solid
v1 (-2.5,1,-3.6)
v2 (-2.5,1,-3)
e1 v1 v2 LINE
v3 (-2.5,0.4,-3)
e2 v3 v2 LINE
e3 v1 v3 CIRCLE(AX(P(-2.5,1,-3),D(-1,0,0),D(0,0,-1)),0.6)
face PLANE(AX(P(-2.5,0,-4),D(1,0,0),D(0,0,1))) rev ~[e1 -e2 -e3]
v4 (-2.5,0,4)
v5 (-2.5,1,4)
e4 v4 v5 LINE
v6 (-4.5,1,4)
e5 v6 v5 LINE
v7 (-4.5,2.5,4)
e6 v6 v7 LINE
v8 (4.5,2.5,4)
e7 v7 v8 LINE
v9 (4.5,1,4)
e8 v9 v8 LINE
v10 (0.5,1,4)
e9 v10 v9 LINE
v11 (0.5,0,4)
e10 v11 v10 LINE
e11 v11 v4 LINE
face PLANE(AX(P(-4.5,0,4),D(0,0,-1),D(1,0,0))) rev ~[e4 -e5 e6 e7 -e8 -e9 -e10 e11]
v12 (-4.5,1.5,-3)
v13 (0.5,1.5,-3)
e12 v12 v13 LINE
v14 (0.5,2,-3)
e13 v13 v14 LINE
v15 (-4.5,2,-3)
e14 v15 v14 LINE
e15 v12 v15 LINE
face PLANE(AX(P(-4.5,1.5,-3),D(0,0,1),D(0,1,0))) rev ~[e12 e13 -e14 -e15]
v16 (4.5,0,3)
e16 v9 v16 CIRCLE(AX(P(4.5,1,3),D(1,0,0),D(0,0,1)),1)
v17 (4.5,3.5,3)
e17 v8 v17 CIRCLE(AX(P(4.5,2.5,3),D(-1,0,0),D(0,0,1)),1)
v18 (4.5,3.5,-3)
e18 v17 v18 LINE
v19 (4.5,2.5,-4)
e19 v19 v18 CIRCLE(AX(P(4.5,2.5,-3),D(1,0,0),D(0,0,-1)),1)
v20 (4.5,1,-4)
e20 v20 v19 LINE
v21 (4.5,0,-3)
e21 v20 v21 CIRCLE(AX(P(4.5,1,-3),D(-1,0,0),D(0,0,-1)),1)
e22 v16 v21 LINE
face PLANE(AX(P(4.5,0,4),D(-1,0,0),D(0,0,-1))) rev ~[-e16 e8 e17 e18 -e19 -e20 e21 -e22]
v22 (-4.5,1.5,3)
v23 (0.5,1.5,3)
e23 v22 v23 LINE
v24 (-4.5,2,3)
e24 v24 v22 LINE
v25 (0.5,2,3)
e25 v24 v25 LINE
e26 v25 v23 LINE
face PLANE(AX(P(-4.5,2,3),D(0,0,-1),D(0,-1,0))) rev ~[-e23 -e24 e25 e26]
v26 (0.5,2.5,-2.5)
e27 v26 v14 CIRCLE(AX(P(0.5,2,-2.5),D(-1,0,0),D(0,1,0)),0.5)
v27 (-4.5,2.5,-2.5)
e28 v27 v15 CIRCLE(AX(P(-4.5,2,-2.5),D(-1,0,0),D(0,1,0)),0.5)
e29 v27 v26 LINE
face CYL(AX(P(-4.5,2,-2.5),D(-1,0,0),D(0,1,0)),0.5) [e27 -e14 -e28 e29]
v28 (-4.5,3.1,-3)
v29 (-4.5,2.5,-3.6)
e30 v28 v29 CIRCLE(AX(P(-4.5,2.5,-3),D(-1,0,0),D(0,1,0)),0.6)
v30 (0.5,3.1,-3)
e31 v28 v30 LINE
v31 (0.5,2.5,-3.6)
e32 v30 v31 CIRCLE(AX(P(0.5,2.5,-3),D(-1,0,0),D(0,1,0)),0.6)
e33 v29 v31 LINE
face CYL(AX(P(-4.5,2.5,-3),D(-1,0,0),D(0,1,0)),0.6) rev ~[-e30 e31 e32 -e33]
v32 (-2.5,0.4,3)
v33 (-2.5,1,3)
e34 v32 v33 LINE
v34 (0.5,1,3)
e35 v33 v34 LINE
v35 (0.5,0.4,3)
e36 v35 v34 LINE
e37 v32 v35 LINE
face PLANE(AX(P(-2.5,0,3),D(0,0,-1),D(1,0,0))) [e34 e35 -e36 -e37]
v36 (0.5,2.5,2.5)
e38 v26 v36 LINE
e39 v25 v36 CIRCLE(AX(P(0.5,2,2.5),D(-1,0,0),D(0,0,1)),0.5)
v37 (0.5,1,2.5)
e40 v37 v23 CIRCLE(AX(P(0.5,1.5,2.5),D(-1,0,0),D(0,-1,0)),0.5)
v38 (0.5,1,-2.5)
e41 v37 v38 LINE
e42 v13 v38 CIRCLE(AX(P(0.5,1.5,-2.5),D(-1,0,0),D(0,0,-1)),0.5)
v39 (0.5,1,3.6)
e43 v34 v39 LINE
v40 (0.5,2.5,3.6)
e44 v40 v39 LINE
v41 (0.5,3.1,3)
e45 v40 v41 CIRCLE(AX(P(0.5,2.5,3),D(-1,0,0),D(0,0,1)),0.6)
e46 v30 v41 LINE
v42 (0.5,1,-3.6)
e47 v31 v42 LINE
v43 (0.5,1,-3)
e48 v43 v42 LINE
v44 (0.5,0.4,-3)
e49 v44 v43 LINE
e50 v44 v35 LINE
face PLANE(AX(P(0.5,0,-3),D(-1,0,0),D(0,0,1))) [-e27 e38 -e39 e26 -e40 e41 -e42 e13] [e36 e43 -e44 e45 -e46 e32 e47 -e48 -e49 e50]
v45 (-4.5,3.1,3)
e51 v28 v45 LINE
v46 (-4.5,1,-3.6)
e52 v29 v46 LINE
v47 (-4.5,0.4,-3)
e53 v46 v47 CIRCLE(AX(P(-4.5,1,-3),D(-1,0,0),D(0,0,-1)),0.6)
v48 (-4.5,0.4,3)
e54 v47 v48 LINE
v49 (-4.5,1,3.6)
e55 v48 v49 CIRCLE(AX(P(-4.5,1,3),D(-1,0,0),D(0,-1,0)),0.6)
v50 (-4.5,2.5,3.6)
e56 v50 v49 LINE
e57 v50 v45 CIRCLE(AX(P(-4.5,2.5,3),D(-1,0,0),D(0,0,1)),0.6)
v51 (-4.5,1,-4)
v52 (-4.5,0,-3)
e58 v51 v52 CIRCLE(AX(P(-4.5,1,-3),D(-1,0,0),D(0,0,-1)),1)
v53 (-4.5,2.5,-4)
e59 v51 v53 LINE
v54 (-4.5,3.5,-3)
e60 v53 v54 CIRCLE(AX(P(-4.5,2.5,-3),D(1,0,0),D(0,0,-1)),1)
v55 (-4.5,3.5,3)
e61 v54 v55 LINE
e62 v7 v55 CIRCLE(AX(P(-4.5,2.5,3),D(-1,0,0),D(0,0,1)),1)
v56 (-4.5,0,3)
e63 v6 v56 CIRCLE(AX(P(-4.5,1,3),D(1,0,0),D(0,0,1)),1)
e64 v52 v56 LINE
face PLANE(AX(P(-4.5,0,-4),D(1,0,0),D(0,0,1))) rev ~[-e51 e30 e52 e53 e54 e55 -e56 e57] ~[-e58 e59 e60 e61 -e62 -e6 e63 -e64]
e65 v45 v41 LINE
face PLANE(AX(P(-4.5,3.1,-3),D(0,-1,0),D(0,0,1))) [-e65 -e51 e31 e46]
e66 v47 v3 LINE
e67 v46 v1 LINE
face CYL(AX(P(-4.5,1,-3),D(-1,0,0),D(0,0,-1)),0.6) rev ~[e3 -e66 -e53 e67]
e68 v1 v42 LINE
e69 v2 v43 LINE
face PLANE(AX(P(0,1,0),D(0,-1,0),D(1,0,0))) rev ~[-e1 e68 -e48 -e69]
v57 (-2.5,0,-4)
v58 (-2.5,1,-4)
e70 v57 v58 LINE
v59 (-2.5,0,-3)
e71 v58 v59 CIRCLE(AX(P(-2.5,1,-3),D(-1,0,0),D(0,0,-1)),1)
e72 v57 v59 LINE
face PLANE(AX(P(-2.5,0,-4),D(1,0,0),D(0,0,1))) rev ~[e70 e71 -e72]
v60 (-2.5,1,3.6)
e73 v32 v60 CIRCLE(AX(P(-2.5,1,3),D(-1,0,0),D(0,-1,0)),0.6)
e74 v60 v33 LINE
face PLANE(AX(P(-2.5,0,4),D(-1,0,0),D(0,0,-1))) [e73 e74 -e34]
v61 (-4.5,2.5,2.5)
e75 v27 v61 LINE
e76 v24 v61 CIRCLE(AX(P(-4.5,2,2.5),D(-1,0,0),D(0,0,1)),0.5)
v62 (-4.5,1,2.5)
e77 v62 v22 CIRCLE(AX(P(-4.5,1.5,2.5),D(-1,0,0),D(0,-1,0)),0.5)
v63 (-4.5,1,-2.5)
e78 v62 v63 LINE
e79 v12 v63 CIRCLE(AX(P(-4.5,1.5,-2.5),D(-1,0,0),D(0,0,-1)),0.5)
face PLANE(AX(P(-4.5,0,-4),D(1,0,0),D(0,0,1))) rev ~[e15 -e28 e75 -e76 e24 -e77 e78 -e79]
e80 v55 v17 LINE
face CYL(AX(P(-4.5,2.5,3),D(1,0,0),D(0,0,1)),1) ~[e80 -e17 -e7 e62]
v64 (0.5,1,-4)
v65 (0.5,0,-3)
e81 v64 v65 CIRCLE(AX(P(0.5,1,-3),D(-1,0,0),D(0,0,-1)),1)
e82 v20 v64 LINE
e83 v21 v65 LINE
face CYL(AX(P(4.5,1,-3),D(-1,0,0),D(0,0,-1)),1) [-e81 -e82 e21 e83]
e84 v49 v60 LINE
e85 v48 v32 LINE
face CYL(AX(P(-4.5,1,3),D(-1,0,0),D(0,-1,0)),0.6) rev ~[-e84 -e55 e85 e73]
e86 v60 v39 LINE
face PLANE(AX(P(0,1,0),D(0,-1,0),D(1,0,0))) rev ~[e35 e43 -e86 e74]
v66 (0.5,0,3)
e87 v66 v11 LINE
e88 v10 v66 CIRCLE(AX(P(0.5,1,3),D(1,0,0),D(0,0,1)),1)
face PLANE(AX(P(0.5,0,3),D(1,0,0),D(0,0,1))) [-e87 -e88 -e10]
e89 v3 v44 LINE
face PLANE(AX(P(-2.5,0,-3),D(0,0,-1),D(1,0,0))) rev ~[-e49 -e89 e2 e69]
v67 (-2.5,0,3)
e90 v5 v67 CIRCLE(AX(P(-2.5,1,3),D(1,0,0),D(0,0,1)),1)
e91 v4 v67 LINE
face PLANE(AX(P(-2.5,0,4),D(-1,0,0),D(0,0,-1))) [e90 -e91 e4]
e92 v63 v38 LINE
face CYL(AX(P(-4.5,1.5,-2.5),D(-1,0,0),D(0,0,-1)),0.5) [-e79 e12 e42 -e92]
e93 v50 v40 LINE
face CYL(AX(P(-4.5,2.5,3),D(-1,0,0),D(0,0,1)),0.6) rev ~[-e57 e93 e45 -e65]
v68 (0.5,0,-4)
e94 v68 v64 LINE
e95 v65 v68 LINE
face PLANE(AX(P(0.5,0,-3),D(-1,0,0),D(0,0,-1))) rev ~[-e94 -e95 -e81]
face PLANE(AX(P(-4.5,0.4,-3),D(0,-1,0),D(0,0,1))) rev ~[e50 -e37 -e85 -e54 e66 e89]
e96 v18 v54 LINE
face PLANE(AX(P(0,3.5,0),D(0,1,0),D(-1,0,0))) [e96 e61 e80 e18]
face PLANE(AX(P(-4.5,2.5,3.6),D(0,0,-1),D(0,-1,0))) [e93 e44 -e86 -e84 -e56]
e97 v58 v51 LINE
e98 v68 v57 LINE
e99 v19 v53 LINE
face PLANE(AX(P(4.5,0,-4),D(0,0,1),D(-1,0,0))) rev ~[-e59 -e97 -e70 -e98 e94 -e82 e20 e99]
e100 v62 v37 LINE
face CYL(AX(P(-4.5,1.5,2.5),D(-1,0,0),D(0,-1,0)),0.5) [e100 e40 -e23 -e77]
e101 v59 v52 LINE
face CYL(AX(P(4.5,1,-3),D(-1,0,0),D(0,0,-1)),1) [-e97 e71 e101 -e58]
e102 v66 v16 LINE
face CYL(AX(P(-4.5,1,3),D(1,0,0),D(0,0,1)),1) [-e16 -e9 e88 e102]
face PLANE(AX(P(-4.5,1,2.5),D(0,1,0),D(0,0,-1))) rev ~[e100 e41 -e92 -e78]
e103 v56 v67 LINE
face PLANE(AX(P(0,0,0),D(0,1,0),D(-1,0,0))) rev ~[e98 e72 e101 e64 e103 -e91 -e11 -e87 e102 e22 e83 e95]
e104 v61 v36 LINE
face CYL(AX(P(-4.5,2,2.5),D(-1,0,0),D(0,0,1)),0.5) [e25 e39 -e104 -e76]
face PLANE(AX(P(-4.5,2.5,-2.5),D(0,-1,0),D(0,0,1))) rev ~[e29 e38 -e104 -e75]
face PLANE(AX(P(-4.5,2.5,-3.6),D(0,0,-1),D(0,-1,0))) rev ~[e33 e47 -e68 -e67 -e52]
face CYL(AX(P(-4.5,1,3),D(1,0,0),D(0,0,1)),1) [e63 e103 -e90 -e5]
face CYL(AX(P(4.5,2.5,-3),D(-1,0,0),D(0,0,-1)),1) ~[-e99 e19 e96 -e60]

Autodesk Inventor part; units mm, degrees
ref_plane "YZ Plane" through (0, 0, 0) normal (1, 0, 0) x (0, 1, 0)
ref_plane "XZ Plane" through (0, 0, 0) normal (0, 1, 0) x (-1, 0, 0)
ref_plane "XY Plane" through (0, 0, 0) normal (0, 0, 1) x (1, 0, 0)
sketch "Skizze1" plane through (0, 0, 0) normal (0, 1, 0) x (-1, 0, 0)
  line L0 (4.5, 4) -> (-4.5, 4)
  line L1 (-4.5, 4) -> (-4.5, -4)
  line L2 (-4.5, -4) -> (4.5, -4)
  line L3 (4.5, -4) -> (4.5, 4)
  line L4 (4.5, 4) -> (-4.5, -4) construction
  line L5 (-4.5, 4) -> (4.5, -4) construction
  point P0 (0, 0)
  dimension "d0" = 9
  dimension "d1" = 8
extrude "Extrusion1" add sketch "Skizze1" along normal blind 3.5
fillet "Rundung1" radius 1 4 edges at (0, 3.5, 4) (0, 0, 4) (0, 3.5, -4) (0, 0, -4)
sketch "Skizze2" plane through (-4.5, 0, -3) normal (-1, 0, 0) x (0, 0, 1)
  line L0 (-1, 1) -> (-1, 2.5) projected
  arc A0 (0, 3.5) -> (-1, 2.5) centre (0, 2.5) ccw projected
  line L1 (0, 3.5) -> (6, 3.5) projected
  arc A1 (7, 2.5) -> (6, 3.5) centre (6, 2.5) ccw projected
  line L2 (7, 1) -> (7, 2.5) projected
  arc A2 (6, 0) -> (7, 1) centre (6, 1) ccw projected
  line L3 (0, 0) -> (6, 0) projected
  arc A3 (-1, 1) -> (0, 0) centre (0, 1) ccw projected
  line L4 (0.5, 2.5) -> (5.5, 2.5)
  line L5 (6, 2) -> (6, 1.5)
  line L6 (5.5, 1) -> (0.5, 1)
  line L7 (0, 1.5) -> (0, 2)
  arc A4 (0.5, 2.5) -> (0, 2) centre (0.5, 2) ccw
  arc A5 (0, 1.5) -> (0.5, 1) centre (0.5, 1.5) ccw
  arc A6 (5.5, 1) -> (6, 1.5) centre (5.5, 1.5) ccw
  arc A7 (6, 2) -> (5.5, 2.5) centre (5.5, 2) ccw
  line L8 (0, 3.1) -> (6, 3.1)
  line L9 (0, 0.4) -> (6, 0.4)
  line L10 (-0.6, 2.5) -> (-0.6, 1)
  line L11 (6.6, 2.5) -> (6.6, 1)
  arc A8 (0, 3.1) -> (-0.6, 2.5) centre (0, 2.5) ccw
  arc A9 (6.6, 2.5) -> (6, 3.1) centre (6, 2.5) ccw
  arc A10 (6, 0.4) -> (6.6, 1) centre (6, 1) ccw
  arc A11 (-0.6, 1) -> (0, 0.4) centre (0, 1) ccw
  point P0 (3, 0)
  dimension "d5" = 0.5
  dimension "d6" = 0.4
  dimension "d7" = 0.4
  dimension "d8" = 0.4
  dimension "d9" = 0.4
extrude "Extrusion2" cut sketch "Skizze2" against normal blind 5 contours L8 A9 L11 A10 L9 A11 L10 A8
sketch "Skizze3" plane through (0, 0, 0) normal (0, -1, 0) x (1, 0, 0)
  line L0 (-4.5, 3) -> (4.5, 3) projected
  line L1 (4.5, 4) -> (-4.5, 4) projected
  line L2 (-2.5, 3) -> (0.5, 3)
  line L3 (0.5, 3) -> (0.5, 4)
  line L4 (0.5, 4) -> (-2.5, 4)
  line L5 (-2.5, 4) -> (-2.5, 3)
  line L6 (-4.5, 3) -> (-4.5, 4) projected
  line L7 (-2.8823, 0) -> (1.7829, 0)
  line L8 (-4.5, -3) -> (4.5, -3)
  line L9 (4.5, -4) -> (-4.5, -4)
  line L10 (0.5, -3) -> (0.5, -4)
  line L11 (-2.5, -4) -> (-2.5, -3)
  point P0 (0, 0)
  dimension "d12" = 2
  dimension "d13" = 3
extrude "Extrusion3" add sketch "Skizze3" against normal blind 1 contours L5 L1 L3 L0 | L8 L10 L9 L11
properties part number "USB-C"
